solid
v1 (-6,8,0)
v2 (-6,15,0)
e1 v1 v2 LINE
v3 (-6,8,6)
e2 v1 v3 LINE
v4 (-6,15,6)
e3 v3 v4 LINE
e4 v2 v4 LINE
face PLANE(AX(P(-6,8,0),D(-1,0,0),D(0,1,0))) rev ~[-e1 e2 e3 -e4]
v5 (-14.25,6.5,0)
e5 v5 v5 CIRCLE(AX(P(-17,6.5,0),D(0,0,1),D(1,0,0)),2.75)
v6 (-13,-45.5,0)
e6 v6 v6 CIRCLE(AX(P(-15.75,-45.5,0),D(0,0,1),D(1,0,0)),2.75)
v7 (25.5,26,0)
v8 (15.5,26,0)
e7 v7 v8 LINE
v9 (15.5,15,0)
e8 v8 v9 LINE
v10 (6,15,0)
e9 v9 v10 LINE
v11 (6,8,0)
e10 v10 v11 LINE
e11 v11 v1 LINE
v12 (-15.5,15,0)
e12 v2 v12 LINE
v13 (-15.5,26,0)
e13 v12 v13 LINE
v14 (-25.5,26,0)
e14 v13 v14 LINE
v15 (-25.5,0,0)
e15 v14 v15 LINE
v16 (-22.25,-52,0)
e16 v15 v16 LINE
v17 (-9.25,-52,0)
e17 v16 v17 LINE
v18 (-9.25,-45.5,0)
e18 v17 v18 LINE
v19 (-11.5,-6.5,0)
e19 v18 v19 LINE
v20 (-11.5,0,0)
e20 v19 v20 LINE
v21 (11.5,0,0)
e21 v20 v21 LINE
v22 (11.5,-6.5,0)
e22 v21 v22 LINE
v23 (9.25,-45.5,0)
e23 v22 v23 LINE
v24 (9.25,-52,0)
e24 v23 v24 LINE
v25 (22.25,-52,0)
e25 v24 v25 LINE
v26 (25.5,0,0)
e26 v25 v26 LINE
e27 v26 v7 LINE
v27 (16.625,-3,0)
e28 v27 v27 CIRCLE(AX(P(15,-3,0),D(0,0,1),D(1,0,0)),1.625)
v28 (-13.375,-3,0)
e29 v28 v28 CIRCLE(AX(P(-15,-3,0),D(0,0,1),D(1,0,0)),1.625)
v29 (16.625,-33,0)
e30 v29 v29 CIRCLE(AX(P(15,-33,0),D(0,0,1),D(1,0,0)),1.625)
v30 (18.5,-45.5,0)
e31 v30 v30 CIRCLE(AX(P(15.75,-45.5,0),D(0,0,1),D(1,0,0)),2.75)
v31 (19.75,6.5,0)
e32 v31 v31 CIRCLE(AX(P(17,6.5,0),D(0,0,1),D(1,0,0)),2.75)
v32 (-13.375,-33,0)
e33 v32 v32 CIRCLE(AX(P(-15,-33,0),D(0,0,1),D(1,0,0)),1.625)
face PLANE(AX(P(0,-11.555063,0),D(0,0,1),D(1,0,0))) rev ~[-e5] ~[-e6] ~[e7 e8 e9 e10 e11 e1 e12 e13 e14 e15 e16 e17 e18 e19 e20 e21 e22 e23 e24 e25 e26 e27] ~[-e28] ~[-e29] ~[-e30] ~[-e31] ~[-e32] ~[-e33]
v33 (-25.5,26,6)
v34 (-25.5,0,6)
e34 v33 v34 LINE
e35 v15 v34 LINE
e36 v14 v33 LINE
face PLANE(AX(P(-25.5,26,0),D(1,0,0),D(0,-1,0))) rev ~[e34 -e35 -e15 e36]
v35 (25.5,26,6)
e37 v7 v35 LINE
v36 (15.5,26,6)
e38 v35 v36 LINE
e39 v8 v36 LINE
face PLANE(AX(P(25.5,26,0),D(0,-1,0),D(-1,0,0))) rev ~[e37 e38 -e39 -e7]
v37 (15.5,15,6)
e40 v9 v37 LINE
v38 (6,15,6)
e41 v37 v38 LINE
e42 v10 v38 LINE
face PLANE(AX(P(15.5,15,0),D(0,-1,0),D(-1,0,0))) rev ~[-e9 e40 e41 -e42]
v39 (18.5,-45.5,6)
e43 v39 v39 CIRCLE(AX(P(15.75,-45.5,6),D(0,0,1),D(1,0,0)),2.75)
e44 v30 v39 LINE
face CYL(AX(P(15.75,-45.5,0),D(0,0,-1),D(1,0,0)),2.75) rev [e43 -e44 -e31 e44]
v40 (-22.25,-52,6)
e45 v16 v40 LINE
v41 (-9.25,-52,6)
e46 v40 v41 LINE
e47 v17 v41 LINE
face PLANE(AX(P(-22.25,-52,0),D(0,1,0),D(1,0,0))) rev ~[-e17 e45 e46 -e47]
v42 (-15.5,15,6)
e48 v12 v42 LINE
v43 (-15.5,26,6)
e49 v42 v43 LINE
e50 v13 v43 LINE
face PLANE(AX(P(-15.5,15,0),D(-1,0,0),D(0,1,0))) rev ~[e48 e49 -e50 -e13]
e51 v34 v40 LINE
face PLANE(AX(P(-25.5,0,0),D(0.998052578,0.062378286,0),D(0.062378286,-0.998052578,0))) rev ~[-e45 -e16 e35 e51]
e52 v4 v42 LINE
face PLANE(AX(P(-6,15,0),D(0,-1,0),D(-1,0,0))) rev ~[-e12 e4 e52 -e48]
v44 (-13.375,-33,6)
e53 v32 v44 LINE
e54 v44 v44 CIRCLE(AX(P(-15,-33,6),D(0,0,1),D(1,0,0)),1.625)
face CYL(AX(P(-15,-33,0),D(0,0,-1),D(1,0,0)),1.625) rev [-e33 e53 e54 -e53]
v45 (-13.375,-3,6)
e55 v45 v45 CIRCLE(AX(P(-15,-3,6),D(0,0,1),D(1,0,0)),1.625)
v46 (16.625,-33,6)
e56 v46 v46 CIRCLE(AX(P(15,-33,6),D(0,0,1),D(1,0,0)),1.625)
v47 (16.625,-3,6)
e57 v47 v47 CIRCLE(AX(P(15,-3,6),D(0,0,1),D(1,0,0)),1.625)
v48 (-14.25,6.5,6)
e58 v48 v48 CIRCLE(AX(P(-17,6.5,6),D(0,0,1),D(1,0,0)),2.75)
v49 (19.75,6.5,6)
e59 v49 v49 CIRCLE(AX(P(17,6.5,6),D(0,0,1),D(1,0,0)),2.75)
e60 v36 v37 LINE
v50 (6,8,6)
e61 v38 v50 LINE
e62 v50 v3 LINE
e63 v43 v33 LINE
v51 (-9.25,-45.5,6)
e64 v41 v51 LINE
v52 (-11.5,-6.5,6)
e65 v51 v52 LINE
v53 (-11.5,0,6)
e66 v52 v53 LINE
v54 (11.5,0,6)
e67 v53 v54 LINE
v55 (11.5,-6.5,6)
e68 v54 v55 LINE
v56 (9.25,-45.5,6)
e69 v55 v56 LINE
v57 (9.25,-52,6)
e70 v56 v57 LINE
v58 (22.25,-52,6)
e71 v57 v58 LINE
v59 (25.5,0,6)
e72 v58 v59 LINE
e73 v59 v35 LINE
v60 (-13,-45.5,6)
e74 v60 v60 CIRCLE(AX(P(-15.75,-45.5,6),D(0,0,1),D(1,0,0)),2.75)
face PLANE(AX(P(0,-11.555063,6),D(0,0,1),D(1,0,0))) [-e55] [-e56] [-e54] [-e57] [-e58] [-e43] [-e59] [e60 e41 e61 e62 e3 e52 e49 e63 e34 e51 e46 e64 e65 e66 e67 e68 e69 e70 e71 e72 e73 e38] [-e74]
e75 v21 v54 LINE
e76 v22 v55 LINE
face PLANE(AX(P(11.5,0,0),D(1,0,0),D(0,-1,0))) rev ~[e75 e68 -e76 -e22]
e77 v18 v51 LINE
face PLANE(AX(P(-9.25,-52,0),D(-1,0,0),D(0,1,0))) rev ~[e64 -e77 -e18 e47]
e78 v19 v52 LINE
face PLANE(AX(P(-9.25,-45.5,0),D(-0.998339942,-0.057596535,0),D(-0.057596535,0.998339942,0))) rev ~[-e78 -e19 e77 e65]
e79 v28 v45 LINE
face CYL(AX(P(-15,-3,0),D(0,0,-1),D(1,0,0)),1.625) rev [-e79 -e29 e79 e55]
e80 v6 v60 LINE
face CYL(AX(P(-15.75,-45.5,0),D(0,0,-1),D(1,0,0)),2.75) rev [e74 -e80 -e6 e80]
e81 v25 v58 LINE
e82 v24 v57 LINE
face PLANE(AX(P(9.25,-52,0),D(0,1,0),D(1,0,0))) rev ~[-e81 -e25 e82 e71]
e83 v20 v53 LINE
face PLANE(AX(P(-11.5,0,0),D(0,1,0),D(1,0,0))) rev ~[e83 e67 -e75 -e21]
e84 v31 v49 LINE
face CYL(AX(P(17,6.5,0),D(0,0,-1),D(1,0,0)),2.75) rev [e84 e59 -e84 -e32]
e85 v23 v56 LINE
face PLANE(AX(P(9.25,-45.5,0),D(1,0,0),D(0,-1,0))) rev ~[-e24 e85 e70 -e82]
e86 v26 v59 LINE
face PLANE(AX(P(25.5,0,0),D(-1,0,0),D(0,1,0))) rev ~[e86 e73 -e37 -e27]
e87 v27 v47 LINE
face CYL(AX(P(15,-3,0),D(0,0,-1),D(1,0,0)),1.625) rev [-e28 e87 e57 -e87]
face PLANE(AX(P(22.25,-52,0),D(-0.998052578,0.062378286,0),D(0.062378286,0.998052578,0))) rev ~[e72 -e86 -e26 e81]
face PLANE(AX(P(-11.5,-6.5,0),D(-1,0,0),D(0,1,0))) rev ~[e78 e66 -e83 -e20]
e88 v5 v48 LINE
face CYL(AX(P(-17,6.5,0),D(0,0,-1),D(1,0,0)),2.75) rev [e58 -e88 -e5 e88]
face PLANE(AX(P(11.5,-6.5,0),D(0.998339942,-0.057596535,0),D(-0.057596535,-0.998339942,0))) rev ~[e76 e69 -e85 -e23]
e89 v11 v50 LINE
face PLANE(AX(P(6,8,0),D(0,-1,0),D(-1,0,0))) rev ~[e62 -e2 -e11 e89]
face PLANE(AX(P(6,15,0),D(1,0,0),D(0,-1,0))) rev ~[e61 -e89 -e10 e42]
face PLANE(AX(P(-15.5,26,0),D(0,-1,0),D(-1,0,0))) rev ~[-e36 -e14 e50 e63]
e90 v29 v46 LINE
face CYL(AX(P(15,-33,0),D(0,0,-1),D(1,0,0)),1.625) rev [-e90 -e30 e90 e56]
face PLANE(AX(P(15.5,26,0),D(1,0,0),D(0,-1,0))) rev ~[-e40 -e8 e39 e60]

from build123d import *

# Parameters (mm, degrees)
F0_R     = 2.75
F0_R_2   = 1.625
F1_DEPTH = 6


with BuildPart() as f1:
    # F0 (on Top) → F1 (new body)
    with BuildSketch(Plane.XY):
        Polygon((-6, 15), (-15.5, 15), (-15.5, 26), (-25.5, 26), (-25.5, 15), (-25.5, 0), (-22.25, -52), (-9.25, -52), (-9.25, -45.5), (-11.5, -6.5), (-11.5, 0), (11.5, 0), (11.5, -6.5), (9.25, -45.5), (9.25, -52), (22.25, -52), (25.5, 0), (25.5, 15), (25.5, 26), (15.5, 26), (15.5, 15), (6, 15), (6, 8), (-6, 8), align=None)
        with Locations((-15.75, -45.5)):
            Circle(F0_R, mode=Mode.SUBTRACT)
        with Locations((-15, -33)):
            Circle(F0_R_2, mode=Mode.SUBTRACT)
        with Locations((15.75, -45.5)):
            Circle(F0_R, mode=Mode.SUBTRACT)
        with Locations((15, -33)):
            Circle(F0_R_2, mode=Mode.SUBTRACT)
        with Locations((-15, -3)):
            Circle(F0_R_2, mode=Mode.SUBTRACT)
        with Locations((-17, 6.5)):
            Circle(F0_R, mode=Mode.SUBTRACT)
        with Locations((15, -3)):
            Circle(F0_R_2, mode=Mode.SUBTRACT)
        with Locations((17, 6.5)):
            Circle(F0_R, mode=Mode.SUBTRACT)
    extrude(amount=F1_DEPTH)


solid = f1.part
